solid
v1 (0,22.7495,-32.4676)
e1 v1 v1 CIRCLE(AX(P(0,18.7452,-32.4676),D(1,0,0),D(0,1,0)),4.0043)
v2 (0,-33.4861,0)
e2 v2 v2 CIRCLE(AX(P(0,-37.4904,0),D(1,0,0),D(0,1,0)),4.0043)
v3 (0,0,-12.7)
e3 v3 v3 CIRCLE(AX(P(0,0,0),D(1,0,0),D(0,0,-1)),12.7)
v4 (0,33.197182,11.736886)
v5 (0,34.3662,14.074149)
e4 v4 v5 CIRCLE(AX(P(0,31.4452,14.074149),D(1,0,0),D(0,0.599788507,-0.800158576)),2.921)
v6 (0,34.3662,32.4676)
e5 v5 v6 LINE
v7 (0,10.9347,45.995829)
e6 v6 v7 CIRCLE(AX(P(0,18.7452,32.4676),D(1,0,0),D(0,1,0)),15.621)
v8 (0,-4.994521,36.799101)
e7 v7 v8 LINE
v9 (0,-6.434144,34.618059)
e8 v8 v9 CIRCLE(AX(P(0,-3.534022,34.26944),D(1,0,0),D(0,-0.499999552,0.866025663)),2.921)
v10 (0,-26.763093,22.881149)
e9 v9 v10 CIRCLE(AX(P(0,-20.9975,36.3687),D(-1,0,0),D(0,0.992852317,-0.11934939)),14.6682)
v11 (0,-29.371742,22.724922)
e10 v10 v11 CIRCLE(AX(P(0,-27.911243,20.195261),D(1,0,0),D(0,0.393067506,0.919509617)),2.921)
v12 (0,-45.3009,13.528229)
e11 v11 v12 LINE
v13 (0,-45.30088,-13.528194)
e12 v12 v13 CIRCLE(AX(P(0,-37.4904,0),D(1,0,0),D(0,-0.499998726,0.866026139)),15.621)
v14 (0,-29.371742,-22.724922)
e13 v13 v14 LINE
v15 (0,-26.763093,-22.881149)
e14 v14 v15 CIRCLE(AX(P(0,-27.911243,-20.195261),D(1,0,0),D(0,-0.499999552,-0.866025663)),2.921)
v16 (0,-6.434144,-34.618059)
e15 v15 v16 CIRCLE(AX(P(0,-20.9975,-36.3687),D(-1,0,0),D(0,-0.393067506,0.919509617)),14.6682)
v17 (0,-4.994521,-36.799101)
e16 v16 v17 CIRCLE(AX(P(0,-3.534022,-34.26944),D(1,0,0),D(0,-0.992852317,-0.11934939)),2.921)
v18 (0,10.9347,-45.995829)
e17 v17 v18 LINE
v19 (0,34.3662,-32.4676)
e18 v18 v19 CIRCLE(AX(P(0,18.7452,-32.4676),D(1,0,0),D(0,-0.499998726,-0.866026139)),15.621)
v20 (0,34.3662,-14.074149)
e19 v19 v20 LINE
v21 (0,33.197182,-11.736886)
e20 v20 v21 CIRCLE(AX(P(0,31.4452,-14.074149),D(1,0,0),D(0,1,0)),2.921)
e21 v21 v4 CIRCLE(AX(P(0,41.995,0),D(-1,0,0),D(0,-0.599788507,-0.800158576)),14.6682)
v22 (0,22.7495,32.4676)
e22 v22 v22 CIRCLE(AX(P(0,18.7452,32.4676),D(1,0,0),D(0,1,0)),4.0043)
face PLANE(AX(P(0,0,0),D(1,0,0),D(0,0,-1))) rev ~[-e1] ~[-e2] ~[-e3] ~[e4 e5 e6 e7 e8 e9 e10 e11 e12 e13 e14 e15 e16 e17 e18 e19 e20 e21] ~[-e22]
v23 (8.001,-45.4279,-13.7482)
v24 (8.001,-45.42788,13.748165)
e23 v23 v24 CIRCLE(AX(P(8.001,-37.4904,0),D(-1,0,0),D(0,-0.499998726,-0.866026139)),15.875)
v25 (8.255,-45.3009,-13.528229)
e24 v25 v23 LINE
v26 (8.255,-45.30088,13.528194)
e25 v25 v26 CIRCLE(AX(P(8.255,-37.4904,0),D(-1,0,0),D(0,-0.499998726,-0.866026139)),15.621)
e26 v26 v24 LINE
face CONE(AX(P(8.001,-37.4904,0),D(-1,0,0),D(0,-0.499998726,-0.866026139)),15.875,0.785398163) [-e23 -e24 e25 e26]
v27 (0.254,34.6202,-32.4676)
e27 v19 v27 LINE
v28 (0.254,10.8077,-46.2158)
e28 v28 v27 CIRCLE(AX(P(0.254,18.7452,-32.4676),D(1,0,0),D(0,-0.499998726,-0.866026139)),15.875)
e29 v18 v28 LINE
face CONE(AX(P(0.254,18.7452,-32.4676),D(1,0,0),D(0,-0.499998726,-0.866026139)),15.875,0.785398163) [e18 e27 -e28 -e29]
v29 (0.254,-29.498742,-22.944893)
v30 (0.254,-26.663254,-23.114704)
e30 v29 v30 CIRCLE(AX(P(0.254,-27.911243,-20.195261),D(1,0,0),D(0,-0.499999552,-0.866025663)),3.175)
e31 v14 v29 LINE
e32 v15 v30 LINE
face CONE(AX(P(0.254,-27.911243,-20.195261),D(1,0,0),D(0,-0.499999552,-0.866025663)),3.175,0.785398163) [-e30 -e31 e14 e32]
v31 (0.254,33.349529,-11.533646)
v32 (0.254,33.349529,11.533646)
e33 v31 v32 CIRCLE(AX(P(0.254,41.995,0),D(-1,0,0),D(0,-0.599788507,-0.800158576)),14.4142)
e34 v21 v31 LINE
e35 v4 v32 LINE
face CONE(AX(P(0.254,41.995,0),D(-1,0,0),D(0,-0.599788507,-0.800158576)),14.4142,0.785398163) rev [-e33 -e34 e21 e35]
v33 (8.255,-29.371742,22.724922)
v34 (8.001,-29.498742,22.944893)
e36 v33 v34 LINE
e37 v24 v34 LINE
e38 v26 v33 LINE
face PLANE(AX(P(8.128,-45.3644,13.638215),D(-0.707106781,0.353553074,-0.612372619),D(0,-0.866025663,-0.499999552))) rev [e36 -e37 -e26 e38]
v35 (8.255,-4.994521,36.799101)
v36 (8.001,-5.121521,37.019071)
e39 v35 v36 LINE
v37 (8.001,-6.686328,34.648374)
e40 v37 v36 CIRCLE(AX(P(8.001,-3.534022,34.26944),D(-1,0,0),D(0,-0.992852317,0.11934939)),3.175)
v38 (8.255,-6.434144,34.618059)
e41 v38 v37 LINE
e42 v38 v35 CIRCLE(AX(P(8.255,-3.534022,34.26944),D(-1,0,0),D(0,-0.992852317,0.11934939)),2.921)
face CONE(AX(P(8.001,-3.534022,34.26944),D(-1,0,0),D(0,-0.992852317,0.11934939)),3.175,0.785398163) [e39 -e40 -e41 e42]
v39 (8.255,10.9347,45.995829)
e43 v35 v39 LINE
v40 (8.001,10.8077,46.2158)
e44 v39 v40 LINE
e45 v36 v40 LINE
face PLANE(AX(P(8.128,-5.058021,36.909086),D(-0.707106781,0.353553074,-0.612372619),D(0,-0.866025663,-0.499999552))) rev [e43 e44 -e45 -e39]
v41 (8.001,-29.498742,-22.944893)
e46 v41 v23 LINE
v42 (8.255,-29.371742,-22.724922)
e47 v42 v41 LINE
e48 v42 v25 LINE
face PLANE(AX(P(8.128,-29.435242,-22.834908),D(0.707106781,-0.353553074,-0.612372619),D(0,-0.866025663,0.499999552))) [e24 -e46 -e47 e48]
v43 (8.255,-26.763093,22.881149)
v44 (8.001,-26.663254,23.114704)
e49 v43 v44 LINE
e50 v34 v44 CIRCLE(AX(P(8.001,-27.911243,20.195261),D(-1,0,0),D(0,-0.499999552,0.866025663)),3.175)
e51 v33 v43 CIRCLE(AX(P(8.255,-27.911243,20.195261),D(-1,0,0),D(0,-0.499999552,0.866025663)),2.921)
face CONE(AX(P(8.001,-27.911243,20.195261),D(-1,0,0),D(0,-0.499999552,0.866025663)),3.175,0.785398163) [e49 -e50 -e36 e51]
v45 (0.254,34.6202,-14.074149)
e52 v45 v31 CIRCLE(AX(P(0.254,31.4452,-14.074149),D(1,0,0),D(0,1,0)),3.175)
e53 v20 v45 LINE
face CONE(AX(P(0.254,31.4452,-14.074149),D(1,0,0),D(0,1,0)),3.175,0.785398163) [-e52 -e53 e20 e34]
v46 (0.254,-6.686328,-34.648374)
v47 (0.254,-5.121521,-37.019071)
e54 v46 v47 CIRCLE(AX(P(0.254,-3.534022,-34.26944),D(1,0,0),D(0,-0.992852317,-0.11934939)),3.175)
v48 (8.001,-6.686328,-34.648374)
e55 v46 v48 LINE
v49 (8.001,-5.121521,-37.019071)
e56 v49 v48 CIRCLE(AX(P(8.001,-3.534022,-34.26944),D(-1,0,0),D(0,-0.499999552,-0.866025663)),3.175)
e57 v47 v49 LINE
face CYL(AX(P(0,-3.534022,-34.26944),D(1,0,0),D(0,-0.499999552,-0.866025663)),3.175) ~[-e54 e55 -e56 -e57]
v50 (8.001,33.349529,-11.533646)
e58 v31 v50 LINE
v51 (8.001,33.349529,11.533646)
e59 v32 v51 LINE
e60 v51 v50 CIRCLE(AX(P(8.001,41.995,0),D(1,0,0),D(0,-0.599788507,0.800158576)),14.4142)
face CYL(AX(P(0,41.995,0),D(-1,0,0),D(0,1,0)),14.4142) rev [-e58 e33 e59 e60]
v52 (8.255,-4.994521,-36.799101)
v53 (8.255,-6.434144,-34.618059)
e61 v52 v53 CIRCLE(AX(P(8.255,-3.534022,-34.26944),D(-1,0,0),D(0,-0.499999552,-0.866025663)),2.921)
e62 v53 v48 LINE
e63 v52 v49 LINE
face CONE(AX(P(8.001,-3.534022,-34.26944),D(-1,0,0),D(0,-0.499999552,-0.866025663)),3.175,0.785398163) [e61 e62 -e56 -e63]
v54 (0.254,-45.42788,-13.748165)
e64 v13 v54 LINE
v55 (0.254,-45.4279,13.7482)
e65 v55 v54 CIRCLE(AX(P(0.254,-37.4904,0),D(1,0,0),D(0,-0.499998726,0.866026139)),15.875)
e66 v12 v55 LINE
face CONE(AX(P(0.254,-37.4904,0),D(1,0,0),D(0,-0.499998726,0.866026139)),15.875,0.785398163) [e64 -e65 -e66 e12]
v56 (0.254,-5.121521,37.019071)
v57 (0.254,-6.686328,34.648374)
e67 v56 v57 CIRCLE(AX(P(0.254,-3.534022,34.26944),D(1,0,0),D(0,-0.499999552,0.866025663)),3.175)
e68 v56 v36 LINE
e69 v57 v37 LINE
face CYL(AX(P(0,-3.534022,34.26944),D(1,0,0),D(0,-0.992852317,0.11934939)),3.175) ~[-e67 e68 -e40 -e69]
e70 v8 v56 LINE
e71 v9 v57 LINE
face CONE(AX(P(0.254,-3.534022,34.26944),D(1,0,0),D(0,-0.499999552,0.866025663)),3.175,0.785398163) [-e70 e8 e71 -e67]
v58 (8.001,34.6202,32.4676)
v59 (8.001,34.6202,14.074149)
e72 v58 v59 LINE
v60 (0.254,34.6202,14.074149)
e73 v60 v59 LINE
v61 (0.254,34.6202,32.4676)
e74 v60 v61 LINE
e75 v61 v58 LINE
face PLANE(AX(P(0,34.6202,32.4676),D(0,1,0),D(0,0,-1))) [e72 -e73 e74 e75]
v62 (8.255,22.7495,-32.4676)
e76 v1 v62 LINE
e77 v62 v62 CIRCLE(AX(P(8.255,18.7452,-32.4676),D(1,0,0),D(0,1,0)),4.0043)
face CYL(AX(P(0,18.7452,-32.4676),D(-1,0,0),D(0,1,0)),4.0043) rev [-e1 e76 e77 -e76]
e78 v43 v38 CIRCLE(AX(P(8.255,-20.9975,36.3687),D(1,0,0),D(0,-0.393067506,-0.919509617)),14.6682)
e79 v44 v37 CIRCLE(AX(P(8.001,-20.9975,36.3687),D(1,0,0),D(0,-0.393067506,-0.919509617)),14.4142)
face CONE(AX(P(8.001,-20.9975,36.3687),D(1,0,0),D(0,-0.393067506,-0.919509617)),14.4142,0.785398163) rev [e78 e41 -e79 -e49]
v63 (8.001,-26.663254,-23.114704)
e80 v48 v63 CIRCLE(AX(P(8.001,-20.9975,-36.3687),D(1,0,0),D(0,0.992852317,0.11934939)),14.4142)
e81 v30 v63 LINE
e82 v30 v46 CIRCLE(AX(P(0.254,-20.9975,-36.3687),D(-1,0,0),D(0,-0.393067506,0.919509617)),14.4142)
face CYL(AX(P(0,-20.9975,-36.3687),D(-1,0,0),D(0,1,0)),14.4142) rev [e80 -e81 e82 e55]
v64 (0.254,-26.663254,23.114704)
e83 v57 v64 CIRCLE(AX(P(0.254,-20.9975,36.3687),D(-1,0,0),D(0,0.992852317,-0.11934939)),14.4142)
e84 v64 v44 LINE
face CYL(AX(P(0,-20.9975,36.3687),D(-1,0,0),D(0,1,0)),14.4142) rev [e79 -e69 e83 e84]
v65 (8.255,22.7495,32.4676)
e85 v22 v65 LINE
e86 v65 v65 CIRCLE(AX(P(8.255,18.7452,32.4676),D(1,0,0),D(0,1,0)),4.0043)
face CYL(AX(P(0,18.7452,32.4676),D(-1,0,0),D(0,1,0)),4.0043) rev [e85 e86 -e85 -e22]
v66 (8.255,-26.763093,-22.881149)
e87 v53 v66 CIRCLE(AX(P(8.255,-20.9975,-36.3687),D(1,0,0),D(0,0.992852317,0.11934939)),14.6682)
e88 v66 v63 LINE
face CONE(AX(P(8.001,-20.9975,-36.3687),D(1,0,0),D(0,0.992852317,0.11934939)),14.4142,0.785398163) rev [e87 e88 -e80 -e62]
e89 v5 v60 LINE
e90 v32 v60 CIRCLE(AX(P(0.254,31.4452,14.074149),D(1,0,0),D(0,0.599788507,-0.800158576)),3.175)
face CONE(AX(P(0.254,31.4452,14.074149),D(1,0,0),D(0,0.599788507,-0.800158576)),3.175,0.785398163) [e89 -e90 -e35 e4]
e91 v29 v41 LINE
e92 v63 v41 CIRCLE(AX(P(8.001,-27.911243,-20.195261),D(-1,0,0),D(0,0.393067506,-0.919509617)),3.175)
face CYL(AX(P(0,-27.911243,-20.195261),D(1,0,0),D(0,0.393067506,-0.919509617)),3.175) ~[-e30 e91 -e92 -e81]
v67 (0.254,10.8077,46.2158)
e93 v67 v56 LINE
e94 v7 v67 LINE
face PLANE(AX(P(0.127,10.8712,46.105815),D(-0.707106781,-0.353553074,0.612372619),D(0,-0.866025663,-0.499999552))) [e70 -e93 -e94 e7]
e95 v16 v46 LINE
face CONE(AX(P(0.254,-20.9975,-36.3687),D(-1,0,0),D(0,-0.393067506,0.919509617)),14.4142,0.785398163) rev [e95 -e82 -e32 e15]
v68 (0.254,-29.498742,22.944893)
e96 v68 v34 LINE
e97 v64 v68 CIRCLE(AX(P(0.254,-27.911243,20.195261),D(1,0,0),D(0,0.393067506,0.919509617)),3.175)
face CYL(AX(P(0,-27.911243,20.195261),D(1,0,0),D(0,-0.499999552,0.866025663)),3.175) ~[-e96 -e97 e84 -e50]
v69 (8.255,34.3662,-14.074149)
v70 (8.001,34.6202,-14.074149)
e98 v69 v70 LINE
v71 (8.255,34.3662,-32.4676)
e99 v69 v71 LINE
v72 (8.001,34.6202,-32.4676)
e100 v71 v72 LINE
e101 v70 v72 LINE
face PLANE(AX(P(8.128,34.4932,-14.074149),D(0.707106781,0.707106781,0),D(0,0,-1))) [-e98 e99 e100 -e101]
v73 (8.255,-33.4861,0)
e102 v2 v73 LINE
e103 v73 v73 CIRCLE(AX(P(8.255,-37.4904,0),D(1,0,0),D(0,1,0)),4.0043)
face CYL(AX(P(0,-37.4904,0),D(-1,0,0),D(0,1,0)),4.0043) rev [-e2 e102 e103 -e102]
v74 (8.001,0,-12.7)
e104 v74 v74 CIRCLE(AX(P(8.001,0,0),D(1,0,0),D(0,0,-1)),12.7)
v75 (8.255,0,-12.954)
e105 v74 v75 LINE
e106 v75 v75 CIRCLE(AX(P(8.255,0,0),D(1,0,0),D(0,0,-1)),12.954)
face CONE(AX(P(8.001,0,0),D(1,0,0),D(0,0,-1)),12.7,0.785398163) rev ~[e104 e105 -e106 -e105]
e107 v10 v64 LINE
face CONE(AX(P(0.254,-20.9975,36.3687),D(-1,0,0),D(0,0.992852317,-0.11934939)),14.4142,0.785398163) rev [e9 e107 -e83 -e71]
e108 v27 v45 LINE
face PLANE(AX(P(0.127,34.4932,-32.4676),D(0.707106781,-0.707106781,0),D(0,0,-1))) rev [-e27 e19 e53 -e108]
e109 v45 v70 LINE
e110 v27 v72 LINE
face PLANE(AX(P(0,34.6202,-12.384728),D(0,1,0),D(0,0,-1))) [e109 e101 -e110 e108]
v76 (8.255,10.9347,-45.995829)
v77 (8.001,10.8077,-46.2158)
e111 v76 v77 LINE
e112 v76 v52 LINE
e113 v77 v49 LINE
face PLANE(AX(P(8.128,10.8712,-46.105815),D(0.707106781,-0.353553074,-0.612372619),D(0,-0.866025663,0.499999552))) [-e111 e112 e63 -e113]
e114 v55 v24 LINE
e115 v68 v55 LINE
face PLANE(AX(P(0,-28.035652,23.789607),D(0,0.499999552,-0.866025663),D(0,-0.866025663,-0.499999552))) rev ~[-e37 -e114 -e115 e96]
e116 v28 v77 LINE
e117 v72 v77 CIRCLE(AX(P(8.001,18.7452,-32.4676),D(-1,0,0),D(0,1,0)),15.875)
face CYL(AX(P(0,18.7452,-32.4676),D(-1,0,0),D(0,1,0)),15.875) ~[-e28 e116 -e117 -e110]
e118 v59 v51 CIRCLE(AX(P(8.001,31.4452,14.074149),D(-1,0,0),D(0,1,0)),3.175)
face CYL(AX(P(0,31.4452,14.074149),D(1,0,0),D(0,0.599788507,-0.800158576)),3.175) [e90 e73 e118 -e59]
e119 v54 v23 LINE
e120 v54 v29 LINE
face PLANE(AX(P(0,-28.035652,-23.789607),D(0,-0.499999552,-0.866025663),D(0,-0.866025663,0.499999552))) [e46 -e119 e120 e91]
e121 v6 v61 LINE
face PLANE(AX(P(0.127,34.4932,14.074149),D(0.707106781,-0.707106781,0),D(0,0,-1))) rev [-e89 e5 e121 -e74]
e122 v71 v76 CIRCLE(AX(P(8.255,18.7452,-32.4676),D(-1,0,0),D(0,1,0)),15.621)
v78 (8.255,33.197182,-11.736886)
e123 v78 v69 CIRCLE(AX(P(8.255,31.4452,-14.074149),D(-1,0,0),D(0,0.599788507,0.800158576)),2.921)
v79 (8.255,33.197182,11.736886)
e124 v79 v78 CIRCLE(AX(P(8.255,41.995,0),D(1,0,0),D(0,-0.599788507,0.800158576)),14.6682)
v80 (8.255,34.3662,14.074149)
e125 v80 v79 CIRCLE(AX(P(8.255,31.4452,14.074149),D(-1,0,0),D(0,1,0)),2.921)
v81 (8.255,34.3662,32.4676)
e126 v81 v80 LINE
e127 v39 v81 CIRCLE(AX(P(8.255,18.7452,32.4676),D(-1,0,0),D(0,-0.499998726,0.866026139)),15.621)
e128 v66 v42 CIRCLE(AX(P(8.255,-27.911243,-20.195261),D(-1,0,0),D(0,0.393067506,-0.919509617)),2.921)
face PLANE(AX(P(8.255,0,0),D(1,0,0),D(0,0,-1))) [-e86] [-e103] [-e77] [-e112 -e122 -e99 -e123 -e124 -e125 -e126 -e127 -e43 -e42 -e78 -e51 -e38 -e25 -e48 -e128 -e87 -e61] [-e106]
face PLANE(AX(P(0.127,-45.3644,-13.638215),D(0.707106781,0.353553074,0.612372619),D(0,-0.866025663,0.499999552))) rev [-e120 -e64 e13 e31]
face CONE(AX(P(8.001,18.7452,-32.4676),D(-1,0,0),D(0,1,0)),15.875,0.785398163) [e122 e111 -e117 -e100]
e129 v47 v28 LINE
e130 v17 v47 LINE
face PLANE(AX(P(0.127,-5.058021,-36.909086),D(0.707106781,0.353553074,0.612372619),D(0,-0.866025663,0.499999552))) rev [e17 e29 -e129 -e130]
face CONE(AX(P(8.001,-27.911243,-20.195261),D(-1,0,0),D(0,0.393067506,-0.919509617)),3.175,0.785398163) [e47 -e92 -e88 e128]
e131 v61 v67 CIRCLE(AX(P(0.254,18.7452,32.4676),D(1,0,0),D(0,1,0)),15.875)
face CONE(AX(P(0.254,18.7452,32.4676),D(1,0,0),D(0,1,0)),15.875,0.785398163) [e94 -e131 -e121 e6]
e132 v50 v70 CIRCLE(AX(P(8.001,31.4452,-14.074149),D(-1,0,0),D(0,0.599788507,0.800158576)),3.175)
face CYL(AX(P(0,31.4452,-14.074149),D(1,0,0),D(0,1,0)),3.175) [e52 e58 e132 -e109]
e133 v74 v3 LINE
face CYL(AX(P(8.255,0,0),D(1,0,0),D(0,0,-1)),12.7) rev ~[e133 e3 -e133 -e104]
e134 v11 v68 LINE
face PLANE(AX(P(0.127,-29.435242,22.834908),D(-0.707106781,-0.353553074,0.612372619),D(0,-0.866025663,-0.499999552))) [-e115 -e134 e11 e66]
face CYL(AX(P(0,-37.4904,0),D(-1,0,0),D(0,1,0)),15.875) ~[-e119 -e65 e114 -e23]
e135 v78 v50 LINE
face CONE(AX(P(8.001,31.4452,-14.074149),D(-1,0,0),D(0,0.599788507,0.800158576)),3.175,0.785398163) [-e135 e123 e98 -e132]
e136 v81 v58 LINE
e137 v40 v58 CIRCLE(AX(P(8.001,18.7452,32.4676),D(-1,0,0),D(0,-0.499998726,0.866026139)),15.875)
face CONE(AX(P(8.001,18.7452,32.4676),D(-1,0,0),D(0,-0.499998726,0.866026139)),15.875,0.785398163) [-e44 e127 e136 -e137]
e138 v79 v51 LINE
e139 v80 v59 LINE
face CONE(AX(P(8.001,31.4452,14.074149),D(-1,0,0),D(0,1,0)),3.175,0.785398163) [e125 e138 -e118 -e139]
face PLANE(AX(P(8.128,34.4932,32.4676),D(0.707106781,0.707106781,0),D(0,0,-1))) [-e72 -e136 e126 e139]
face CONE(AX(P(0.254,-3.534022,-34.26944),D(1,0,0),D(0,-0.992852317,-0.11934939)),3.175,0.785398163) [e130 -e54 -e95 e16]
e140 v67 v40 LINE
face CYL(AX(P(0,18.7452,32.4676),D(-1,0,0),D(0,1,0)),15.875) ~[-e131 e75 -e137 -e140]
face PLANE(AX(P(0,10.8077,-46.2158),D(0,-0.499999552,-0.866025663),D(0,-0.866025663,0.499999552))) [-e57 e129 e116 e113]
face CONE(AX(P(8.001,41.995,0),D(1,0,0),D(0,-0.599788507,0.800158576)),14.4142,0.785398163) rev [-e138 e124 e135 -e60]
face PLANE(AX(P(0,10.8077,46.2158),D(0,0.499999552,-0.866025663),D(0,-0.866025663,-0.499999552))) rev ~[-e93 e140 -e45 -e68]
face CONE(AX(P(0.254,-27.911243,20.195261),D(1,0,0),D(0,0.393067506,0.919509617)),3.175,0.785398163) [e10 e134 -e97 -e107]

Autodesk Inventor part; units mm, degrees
ref_plane "YZ Plane" through (0, 0, 0) normal (1, 0, 0) x (0, 1, 0)
ref_plane "XZ Plane" through (0, 0, 0) normal (0, 1, 0) x (-1, 0, 0)
ref_plane "XY Plane" through (0, 0, 0) normal (0, 0, 1) x (1, 0, 0)
sketch "Sketch1" plane through (0, 0, 0) normal (1, 0, 0) x (0, 1, 0)
  circle A0 centre (0, 0) radius 15.875
  circle A1 centre (18.7452, -32.4676) radius 4.0043
  circle A2 centre (18.7452, -32.4676) radius 15.875
  circle A3 centre (-37.4904, 0) radius 4.0043
  circle A4 centre (-37.4904, 0) radius 15.875
  circle A5 centre (18.7452, 32.4676) radius 15.875
  circle A6 centre (18.7452, 32.4676) radius 4.0043
  circle A7 centre (18.7452, -32.4676) radius 4.0043
  circle A8 centre (18.7452, -32.4676) radius 15.875
  circle A9 centre (0, 0) radius 15.875
  circle A10 centre (-37.4904, 0) radius 4.0043
  circle A11 centre (-37.4904, 0) radius 15.875
  circle A12 centre (18.7452, 32.4676) radius 4.0043
  circle A13 centre (18.7452, 32.4676) radius 15.875
  line L0 (34.6202, 32.4676) -> (34.6202, -32.4676)
  line L1 (10.8077, -46.2158) -> (-45.4279, -13.7482)
  line L2 (10.8077, 46.2158) -> (-45.4279, 13.7482)
  circle A14 centre (18.7452, 32.4676) radius 15.875
  circle A15 centre (-37.4904, 0) radius 15.875
  circle A16 centre (18.7452, -32.4676) radius 15.875
  circle A17 centre (41.995, 0) radius 14.4142
  circle A18 centre (-20.9975, 36.3687) radius 14.4142
  circle A19 centre (-20.9975, -36.3687) radius 14.4142
  point P0 (-28.0356, -23.7896)
  point P1 (-6.5846, -36.1743)
  point P2 (10.8077, -46.2158)
  point P3 (34.6202, -12.3847)
  point P4 (34.6202, 12.3847)
  point P5 (-6.5846, 36.1743)
  point P6 (-28.0356, 23.7896)
  point P7 (-45.4279, 13.7482)
  point P8 (-45.4279, -13.7482)
  dimension "d28" = 360
  dimension "d34" = 31.75
  dimension "d35" = 28.8284
  dimension "d36" = 8.0086
  dimension "d37" = 31.75
  dimension "d38" = 31.75
  dimension "d39" = 60
  dimension "d40" = 60
  dimension "d41" = 7.3748
  dimension "d42" = 55.6177
  dimension "d43" = 55.6177
  dimension "d44" = 0
  dimension "d45" = 41.2048
  dimension "d46" = 0
  dimension "d47" = 62.6558
  dimension "d48" = 80.0481
  dimension "d49" = 0
  dimension "d50" = 80.0481
  dimension "d51" = 15.875
  dimension "d52" = 15.875
  dimension "d53" = 23.8125
  dimension "d54" = 80.0481
  dimension "d55" = 34.6202
  dimension "d56" = 34.6202
  dimension "d57" = 41.2048
  dimension "d58" = 0
  dimension "d59" = 41.2048
  dimension "d60" = 62.6558
  dimension "d61" = 62.6558
  dimension "d62" = 0
  dimension "d63" = 62.6558
  dimension "d64" = 41.2048
  dimension "d65" = 72.1106
  dimension "d66" = 80.0481
  dimension "d67" = 0
  dimension "d68" = 80.0481
  dimension "d69" = 23.8125
extrude "Extrusion1" add sketch "Sketch1" along normal blind 8.255 contours A2 | A2 L1 A19 A4 L2 A18 A5 L0 A17 | A5 | A4
fillet "Fillet2" radius 3.175 6 edges at (4.1275, 34.6202, 12.3847) (4.1275, 34.6202, -12.3847) (4.1275, -6.5846, 36.1743) (4.1275, -28.0356, 23.7896) (4.1275, -6.5846, -36.1743) (4.1275, -28.0356, -23.7896)
sketch "Sketch5" plane through (8.255, 0, 0) normal (1, 0, 0) x (0, 0, -1)
  circle A0 centre (0, 0) radius 15.875
  circle A1 centre (0, 0) radius 12.7
  dimension "d70" = 25.4
extrude "Extrusion3" add sketch "Sketch5" against normal up to surface (8.255 mm away)
chamfer "Chamfer4" distance 0.254 angle 45 37 edges at (8.255, 2.8431, -41.6174) (8.255, 26.6827, -46.2158) (8.255, 34.6202, -23.2709) (8.255, 34.2848, -12.6539) (8.255, 27.5808, 0) (8.255, 34.2848, 12.6539) (8.255, 34.6202, 23.2709) (8.255, 26.6827, 46.2158) (8.255, 2.8431, 41.6174) (8.255, -6.1838, 36.0185) (8.255, -13.7904, 23.8857) (8.255, -28.101, 23.3646) (8.255, -37.4633, 18.3465) (8.255, -53.3654, 0) (8.255, -37.4633, -18.3465) (8.255, -28.101, -23.3646) (8.255, -13.7904, -23.8857) (8.255, -6.1838, -36.0185) (8.255, 0, 12.7) (0, 2.8431, 41.6174) (0, -6.1838, 36.0185) (0, -13.7904, 23.8857) (0, -28.101, 23.3646) (0, -37.4633, 18.3465) (0, -53.3654, 0) (0, -37.4633, -18.3465) (0, -28.101, -23.3646) (0, -13.7904, -23.8857) (0, -6.1838, -36.0185) (0, 2.8431, -41.6174) (0, 26.6827, -46.2158) (0, 34.6202, -23.2709) (0, 34.2848, -12.6539) (0, 27.5808, 0) (0, 34.2848, 12.6539) (0, 34.6202, 23.2709) (0, 26.6827, 46.2158)
properties part number "Torque_Triangle"
